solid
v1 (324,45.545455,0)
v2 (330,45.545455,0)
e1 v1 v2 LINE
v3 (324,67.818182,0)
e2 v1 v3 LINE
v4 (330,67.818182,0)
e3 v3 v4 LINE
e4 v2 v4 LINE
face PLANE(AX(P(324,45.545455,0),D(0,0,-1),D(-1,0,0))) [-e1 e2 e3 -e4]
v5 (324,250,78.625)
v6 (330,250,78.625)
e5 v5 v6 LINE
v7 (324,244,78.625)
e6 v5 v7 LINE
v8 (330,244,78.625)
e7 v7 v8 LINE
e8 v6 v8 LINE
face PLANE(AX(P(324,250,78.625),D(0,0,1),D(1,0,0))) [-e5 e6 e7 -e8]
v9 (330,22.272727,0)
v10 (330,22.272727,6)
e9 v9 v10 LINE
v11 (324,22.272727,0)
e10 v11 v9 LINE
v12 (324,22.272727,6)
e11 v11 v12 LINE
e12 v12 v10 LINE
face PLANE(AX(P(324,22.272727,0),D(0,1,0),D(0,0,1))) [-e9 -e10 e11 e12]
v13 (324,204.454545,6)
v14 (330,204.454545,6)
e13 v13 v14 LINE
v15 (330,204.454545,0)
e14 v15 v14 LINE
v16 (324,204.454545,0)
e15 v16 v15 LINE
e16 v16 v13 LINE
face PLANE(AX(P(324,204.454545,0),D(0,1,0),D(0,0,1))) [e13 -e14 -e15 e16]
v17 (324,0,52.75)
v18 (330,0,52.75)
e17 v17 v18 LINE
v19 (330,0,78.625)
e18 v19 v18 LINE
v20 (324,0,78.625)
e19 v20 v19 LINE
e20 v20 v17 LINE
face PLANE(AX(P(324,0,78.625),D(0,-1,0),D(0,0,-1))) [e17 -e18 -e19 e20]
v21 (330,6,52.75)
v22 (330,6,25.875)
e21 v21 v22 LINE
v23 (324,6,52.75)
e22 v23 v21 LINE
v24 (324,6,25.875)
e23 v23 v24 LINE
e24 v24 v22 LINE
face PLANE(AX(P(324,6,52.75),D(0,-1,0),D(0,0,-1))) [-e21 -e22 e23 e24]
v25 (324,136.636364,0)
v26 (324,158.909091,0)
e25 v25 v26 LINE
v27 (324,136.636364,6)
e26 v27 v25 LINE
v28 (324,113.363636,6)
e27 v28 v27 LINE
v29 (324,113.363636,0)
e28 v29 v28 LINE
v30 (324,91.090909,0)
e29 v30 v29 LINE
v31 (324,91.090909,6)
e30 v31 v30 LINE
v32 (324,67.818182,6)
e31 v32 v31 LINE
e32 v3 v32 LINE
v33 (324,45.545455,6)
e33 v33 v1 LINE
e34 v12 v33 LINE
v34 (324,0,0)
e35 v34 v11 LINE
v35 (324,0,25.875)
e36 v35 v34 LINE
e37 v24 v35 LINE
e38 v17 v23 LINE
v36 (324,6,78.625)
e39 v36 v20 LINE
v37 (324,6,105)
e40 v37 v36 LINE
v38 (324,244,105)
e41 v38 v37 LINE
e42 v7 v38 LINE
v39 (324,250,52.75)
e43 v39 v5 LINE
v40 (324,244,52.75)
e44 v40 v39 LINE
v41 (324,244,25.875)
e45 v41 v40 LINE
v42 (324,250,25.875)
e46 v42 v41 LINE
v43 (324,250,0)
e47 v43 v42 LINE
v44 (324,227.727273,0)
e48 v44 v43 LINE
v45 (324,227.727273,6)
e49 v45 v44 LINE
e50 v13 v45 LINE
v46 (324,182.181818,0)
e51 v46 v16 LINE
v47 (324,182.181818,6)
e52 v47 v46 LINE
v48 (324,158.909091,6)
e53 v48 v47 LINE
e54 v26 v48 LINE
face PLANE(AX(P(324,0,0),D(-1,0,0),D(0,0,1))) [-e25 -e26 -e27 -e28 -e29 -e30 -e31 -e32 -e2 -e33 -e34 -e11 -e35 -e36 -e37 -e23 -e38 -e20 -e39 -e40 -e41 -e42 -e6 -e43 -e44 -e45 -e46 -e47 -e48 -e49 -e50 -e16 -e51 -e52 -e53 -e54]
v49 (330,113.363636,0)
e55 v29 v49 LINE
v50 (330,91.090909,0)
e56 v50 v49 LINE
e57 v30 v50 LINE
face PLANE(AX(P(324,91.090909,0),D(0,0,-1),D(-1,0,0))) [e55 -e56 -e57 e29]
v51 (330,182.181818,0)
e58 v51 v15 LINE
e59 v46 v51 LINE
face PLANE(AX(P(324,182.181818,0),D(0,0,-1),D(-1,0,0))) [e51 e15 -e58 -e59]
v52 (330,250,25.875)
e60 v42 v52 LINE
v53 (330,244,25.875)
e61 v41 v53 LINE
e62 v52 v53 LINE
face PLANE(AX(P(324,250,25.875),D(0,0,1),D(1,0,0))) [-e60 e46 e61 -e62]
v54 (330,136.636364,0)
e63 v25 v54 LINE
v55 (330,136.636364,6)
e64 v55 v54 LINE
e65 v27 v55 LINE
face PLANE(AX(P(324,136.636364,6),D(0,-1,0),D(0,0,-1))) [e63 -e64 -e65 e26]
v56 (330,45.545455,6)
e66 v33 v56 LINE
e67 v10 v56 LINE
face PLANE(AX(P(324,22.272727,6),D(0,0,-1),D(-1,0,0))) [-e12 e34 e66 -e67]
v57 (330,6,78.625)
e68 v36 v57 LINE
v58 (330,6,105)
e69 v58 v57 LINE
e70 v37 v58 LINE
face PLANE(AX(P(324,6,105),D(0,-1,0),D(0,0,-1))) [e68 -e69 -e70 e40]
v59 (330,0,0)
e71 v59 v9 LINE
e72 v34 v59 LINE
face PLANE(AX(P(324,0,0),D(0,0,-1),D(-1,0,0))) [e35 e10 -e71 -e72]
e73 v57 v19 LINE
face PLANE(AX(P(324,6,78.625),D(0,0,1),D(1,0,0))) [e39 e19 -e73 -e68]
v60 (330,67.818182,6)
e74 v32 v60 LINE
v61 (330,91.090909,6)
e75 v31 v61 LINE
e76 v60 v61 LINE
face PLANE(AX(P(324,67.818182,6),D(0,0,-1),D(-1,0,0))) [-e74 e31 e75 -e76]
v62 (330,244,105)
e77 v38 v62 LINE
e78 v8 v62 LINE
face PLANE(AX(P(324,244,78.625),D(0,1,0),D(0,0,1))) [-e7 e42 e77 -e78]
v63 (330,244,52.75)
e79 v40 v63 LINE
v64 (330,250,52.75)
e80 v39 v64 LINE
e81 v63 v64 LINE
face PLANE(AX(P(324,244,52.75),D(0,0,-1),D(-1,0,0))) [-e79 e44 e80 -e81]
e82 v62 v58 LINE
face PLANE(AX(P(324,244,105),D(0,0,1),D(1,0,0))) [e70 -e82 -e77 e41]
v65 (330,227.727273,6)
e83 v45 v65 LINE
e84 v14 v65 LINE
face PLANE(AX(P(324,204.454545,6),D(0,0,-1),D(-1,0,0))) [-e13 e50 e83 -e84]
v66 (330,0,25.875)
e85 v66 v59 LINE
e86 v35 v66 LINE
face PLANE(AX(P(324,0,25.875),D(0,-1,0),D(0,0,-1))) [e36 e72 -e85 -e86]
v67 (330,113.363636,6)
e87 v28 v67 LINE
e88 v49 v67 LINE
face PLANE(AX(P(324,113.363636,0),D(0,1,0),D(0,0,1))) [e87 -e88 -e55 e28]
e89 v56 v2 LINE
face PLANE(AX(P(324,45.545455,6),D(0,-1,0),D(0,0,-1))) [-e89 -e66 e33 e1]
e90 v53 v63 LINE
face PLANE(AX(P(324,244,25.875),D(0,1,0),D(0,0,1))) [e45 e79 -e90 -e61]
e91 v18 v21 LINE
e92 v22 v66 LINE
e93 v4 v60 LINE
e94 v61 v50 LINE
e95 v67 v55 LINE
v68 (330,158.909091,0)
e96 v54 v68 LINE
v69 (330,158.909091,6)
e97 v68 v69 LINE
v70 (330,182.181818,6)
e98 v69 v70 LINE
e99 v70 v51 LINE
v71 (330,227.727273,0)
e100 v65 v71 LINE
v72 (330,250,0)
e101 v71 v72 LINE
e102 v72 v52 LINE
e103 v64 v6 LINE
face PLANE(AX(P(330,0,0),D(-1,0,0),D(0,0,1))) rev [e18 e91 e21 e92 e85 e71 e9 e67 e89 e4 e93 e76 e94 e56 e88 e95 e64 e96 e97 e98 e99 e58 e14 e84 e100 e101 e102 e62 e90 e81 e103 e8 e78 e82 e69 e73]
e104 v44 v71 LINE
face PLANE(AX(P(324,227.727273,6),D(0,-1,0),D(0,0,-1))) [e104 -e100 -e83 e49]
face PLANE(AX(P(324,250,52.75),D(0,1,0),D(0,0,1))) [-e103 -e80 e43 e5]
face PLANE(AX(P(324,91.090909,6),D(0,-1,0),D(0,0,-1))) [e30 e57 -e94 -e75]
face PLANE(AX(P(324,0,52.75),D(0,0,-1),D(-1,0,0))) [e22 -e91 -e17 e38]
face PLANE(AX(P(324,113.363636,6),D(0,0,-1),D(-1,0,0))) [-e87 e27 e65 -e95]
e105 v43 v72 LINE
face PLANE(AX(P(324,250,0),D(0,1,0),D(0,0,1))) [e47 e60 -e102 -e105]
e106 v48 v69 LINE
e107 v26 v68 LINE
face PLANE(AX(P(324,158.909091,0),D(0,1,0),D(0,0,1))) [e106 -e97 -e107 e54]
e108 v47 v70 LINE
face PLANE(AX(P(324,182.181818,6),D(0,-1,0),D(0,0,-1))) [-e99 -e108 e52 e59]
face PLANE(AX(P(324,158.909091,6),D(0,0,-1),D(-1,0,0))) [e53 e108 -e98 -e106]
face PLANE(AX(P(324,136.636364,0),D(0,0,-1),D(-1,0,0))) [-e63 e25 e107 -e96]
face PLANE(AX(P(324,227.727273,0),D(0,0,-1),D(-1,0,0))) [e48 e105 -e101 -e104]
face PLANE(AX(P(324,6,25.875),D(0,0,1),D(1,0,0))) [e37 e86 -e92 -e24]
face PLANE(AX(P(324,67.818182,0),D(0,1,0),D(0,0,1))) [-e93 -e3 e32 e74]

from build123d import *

# Parameters (mm, degrees)
BOSS_EXTRUDE1_DEPTH = 6


with BuildPart() as part:
    # Sketch1 → Boss-Extrude1 (new body)
    with BuildSketch(Plane(origin=(330, 0, 0), x_dir=(0, 0, -1), z_dir=(1, 0, 0))):
        Polygon((-52.75, 244), (-52.75, 250), (-78.625, 250), (-78.625, 244), (-105, 244), (-105, 6), (-78.625, 6), (-78.625, 0), (-52.75, 0), (-52.75, 6), (-25.875, 6), (-25.875, 0), (0, 0), (0, 22.272727273), (-6, 22.272727273), (-6, 45.545454545), (0, 45.545454545), (0, 67.818181818), (-6, 67.818181818), (-6, 91.090909091), (0, 91.090909091), (0, 113.363636364), (-6, 113.363636364), (-6, 136.636363636), (0, 136.636363636), (0, 158.909090909), (-6, 158.909090909), (-6, 182.181818182), (0, 182.181818182), (0, 204.454545455), (-6, 204.454545455), (-6, 227.727272727), (0, 227.727272727), (0, 250), (-25.875, 250), (-25.875, 244), align=None)
    extrude(amount=-BOSS_EXTRUDE1_DEPTH)


solid = part.part
